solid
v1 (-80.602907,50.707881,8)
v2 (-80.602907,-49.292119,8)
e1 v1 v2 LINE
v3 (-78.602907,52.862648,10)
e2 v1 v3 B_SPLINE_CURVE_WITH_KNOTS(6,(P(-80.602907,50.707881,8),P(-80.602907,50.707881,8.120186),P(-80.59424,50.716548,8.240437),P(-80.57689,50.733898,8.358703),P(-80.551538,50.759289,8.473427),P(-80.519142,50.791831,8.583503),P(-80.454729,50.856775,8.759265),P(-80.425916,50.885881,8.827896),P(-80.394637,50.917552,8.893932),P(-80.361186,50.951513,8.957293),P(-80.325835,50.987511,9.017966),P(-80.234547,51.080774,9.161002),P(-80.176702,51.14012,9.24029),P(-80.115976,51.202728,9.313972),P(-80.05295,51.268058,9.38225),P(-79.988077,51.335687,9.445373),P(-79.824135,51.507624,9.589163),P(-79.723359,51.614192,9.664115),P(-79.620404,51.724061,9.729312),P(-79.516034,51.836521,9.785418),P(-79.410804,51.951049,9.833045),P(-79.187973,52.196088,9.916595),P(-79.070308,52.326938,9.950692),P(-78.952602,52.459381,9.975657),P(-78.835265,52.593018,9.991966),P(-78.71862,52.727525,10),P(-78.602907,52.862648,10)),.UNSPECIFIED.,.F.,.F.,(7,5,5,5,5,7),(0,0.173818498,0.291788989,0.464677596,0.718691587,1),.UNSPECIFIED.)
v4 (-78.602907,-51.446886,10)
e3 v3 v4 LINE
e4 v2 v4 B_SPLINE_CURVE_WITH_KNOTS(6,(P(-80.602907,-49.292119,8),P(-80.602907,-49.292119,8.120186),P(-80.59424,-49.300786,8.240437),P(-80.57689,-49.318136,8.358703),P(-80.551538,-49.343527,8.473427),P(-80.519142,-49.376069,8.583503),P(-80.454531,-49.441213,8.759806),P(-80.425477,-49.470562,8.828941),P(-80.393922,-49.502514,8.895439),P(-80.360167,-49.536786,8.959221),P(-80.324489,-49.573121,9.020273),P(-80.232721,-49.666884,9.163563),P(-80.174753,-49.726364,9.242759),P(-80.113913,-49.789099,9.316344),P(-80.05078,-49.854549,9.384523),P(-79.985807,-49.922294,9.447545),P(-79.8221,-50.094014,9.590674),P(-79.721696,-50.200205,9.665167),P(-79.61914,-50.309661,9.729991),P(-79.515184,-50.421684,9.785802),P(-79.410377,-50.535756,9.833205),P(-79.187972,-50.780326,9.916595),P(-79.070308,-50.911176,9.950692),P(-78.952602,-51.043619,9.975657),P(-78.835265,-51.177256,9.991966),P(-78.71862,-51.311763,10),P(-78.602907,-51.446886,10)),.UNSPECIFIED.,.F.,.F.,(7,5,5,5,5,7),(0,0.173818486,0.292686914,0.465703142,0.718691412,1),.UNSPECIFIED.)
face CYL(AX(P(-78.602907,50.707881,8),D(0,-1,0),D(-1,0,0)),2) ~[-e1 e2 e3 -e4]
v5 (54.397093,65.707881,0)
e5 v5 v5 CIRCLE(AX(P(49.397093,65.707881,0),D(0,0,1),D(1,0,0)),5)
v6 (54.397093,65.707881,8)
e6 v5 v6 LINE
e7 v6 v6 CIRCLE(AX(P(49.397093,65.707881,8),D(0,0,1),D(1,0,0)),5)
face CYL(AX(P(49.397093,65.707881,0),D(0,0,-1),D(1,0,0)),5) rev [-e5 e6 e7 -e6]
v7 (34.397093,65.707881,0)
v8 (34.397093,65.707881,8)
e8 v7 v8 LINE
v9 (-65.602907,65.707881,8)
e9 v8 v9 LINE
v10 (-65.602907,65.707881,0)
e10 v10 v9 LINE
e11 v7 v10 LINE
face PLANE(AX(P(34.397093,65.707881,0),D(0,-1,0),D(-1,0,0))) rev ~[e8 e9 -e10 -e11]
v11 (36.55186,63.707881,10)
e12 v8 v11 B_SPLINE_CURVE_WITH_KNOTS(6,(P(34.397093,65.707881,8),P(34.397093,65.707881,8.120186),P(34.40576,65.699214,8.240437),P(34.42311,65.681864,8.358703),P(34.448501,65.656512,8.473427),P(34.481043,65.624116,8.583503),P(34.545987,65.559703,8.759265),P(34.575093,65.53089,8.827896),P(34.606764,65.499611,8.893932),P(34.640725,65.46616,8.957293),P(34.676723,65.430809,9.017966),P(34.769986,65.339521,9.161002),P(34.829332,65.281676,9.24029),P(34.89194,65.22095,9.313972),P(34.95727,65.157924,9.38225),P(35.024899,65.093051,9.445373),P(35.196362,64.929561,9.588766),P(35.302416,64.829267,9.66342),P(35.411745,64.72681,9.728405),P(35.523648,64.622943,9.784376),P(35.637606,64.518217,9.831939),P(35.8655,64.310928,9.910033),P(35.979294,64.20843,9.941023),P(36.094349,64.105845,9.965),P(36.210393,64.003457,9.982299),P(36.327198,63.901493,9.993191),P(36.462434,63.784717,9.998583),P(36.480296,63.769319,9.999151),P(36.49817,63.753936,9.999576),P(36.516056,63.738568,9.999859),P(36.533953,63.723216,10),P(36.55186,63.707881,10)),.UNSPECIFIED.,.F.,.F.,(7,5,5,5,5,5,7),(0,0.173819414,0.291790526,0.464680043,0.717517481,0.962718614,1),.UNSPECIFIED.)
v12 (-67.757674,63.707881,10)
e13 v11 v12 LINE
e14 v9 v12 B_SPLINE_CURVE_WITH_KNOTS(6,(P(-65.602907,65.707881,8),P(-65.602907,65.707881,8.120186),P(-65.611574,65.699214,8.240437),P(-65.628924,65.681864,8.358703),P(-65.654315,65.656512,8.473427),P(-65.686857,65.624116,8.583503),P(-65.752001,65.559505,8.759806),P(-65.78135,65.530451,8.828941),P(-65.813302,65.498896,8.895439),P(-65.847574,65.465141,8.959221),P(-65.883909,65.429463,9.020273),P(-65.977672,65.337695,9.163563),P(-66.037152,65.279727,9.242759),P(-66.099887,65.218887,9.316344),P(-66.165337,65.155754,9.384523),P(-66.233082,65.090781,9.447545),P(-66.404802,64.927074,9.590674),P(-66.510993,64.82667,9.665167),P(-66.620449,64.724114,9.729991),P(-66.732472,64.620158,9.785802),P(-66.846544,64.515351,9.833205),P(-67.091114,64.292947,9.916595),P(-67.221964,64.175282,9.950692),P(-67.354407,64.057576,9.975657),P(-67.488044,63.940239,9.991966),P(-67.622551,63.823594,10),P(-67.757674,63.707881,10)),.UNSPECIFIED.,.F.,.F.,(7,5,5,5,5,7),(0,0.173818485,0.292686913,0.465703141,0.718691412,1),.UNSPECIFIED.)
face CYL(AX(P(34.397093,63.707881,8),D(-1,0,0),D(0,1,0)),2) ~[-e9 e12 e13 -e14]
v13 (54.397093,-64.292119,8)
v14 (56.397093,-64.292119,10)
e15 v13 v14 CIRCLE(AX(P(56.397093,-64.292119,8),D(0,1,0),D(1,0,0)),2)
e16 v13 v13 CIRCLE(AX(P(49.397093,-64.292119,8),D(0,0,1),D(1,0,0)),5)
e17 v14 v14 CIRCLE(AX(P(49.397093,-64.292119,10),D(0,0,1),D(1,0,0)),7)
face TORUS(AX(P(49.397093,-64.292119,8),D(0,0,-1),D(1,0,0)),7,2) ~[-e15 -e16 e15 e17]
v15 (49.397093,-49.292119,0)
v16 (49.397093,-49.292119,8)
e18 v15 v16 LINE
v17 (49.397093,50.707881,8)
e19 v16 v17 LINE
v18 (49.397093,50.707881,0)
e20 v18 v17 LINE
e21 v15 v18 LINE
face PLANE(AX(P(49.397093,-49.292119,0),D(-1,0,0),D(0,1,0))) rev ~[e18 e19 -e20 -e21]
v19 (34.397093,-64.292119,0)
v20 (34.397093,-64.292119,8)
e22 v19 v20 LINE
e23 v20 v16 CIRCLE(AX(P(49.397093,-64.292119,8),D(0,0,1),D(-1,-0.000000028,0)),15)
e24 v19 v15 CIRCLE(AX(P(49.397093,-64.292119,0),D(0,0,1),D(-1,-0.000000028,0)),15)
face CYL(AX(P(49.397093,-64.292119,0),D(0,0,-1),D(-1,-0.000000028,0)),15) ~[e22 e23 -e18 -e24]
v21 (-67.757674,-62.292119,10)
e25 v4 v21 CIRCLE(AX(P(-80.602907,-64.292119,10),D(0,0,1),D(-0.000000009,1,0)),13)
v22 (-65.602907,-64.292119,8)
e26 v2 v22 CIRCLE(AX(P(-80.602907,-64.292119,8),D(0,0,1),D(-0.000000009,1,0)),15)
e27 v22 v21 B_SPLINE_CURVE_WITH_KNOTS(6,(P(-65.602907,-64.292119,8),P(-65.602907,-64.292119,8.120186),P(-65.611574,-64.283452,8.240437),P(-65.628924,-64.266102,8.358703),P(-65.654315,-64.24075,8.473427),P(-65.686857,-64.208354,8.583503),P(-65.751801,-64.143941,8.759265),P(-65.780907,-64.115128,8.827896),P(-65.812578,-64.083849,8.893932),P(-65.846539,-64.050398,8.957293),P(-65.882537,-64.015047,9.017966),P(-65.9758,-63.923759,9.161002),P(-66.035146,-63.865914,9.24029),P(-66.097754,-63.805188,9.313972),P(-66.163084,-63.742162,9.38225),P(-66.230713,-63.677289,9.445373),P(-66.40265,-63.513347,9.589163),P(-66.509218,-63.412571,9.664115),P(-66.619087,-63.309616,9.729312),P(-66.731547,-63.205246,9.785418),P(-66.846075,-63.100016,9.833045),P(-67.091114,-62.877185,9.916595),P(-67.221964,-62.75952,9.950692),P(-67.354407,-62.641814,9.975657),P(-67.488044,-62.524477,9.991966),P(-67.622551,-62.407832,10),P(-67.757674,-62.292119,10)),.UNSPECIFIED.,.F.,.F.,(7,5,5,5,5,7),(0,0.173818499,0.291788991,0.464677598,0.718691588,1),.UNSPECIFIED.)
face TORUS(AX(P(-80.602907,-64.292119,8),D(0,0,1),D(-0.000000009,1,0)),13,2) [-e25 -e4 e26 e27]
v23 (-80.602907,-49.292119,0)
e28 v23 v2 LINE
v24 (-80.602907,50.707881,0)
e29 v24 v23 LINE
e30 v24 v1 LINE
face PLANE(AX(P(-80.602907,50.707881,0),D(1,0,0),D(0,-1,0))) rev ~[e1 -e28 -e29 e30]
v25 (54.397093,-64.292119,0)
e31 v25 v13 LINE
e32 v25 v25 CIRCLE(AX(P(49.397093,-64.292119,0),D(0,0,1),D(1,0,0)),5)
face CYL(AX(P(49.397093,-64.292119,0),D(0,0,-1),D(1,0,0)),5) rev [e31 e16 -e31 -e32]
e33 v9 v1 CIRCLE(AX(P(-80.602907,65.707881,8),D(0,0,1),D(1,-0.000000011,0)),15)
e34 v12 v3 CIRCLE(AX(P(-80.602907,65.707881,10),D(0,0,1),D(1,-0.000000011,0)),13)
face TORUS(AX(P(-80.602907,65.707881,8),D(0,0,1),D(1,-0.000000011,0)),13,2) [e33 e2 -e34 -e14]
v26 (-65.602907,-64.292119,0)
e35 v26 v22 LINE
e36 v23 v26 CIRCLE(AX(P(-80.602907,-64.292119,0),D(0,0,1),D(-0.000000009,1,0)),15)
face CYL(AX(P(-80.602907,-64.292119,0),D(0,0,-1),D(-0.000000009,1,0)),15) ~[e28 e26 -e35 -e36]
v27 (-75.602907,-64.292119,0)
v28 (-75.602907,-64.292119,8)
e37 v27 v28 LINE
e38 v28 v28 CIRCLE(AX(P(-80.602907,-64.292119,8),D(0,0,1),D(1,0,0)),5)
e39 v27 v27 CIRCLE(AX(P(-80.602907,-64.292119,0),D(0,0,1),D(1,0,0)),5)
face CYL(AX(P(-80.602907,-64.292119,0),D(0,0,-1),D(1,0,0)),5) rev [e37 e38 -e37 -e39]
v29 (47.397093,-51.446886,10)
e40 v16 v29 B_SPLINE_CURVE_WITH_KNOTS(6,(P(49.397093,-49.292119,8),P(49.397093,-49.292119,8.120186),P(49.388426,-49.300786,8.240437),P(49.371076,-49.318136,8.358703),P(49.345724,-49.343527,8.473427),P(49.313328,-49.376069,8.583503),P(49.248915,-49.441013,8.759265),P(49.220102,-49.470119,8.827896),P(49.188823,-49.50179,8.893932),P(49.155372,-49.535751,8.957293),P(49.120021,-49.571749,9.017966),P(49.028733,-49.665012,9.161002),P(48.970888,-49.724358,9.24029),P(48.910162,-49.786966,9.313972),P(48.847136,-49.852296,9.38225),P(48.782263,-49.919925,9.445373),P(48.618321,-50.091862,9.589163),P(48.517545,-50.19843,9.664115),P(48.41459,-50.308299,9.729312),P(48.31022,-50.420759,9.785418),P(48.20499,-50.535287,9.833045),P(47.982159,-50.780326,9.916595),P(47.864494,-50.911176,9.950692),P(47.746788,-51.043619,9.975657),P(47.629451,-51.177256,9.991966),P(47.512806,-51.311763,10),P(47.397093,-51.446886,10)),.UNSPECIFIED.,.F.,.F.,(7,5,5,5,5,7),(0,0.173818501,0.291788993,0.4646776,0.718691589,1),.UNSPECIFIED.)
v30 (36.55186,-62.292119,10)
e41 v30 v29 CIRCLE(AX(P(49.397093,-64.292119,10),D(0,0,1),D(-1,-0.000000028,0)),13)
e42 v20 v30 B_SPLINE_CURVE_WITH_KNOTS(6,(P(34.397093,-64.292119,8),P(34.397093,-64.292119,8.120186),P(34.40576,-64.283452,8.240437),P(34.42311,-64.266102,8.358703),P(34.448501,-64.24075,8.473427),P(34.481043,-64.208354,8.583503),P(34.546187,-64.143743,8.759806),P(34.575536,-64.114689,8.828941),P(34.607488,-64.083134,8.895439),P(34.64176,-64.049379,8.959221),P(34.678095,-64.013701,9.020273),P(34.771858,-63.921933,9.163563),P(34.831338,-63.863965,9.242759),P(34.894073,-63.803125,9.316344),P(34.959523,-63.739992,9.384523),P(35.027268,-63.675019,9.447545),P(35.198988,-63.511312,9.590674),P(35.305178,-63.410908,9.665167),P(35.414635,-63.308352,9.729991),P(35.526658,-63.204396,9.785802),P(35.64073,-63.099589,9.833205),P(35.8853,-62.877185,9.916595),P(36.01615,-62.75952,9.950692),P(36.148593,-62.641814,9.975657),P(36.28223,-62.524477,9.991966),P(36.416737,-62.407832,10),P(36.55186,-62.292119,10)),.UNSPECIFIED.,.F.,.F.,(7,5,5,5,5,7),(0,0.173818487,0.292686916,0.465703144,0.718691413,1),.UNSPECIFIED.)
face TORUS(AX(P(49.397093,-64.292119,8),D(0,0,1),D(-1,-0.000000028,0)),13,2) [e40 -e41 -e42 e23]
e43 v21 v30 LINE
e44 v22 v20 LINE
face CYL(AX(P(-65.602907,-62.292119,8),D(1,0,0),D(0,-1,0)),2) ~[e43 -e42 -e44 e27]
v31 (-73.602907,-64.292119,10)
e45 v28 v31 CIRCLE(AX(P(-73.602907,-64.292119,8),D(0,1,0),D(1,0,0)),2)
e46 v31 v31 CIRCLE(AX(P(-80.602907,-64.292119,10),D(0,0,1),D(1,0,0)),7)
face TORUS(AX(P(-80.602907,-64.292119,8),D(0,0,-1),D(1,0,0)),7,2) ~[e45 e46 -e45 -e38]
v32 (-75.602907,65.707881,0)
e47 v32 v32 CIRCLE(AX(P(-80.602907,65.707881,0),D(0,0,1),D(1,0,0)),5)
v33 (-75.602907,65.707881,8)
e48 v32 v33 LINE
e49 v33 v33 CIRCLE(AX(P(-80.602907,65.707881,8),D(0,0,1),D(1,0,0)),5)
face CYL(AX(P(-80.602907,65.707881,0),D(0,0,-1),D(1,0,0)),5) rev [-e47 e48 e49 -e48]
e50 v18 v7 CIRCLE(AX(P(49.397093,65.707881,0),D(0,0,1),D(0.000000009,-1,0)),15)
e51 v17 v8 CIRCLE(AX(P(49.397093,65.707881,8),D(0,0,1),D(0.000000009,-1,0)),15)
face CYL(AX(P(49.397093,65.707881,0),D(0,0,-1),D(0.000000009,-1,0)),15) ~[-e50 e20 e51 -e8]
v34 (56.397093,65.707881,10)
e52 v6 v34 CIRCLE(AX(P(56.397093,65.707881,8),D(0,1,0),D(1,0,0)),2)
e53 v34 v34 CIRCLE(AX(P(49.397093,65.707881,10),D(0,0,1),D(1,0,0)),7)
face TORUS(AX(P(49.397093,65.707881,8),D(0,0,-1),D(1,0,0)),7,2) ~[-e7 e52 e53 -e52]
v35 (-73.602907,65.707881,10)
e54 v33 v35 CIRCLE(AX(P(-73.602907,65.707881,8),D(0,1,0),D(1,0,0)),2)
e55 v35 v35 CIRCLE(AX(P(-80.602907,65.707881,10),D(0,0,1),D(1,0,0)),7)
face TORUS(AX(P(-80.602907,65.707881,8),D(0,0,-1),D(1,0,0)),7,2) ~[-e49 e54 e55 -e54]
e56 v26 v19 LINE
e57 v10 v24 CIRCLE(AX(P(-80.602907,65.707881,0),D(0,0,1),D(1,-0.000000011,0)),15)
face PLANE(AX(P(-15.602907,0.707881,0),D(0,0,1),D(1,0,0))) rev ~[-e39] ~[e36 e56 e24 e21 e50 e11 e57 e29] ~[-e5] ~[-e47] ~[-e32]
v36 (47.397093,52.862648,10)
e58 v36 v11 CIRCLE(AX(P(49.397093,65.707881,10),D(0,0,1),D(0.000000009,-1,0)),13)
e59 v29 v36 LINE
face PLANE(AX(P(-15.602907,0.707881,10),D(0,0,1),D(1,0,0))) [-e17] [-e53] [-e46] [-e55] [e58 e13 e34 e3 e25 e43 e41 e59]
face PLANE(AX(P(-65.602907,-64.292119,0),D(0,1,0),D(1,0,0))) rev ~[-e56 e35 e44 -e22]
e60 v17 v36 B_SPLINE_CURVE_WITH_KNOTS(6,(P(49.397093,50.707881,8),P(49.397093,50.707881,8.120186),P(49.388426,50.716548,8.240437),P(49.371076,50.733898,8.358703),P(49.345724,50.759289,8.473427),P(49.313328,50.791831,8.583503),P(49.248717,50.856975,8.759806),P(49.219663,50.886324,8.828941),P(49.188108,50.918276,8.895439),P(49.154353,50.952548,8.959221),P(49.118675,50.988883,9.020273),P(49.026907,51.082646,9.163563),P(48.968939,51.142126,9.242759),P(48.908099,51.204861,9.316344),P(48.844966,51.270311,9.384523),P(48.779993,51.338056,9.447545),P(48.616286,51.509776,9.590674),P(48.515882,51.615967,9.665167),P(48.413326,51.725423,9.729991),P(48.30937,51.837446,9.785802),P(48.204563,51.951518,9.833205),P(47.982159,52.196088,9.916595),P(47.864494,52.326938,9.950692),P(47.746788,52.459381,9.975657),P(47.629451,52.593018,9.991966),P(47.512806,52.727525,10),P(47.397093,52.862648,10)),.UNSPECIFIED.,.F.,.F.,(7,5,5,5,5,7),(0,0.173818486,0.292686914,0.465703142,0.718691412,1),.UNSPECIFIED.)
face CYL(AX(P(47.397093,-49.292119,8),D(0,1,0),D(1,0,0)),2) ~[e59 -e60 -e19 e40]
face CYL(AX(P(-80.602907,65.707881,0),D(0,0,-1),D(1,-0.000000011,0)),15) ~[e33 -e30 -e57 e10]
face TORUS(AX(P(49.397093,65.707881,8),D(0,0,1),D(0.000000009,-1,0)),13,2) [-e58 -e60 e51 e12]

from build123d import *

# Parameters (mm, degrees)
F0_R     = 5
F1_DEPTH = 10
F2_R     = 2


with BuildPart() as f1:
    # F0 (on Top) → F1 (new body)
    with BuildSketch(Plane.XY):
        with BuildLine():
            Line((34.397093, 65.707881), (-65.602907, 65.707881))
            ThreePointArc((-65.602907, 65.707881), (-91.209509, 76.314483), (-80.602907, 50.707881))
            Line((-80.602907, 50.707881), (-80.602907, -49.292119))
            ThreePointArc((-80.602907, -49.292119), (-91.209509, -74.89872), (-65.602907, -64.292119))
            Line((-65.602907, -64.292119), (34.397093, -64.292119))
            ThreePointArc((34.397093, -64.292119), (60.003694, -74.89872), (49.397093, -49.292119))
            Line((49.397093, -49.292119), (49.397093, 50.707881))
            ThreePointArc((49.397093, 50.707881), (60.003694, 76.314483), (34.397093, 65.707881))
        make_face()
        with Locations((-80.602907, -64.292119)):
            Circle(F0_R, mode=Mode.SUBTRACT)
        with Locations((49.397093, -64.292119)):
            Circle(F0_R, mode=Mode.SUBTRACT)
        with Locations((-80.602907, 65.707881)):
            Circle(F0_R, mode=Mode.SUBTRACT)
        with Locations((49.397093, 65.707881)):
            Circle(F0_R, mode=Mode.SUBTRACT)
    extrude(amount=F1_DEPTH)

    # F2
    f2_edges = [f1.edges().sort_by_distance(p)[0] for p in [
        (-15.602907, 65.707881, 10),
        (-91.209509, 76.314483, 10),
        (-80.602907, 0.707881, 10),
        (-91.209509, -74.89872, 10),
        (-15.602907, -64.292119, 10),
        (60.003694, -74.89872, 10),
        (49.397093, 0.707881, 10),
        (60.003694, 76.314483, 10),
        (-85.602907, -64.292119, 10),
        (44.397093, -64.292119, 10),
        (-85.602907, 65.707881, 10),
        (44.397093, 65.707881, 10),
    ]]
    fillet(f2_edges, radius=F2_R)


solid = f1.part
